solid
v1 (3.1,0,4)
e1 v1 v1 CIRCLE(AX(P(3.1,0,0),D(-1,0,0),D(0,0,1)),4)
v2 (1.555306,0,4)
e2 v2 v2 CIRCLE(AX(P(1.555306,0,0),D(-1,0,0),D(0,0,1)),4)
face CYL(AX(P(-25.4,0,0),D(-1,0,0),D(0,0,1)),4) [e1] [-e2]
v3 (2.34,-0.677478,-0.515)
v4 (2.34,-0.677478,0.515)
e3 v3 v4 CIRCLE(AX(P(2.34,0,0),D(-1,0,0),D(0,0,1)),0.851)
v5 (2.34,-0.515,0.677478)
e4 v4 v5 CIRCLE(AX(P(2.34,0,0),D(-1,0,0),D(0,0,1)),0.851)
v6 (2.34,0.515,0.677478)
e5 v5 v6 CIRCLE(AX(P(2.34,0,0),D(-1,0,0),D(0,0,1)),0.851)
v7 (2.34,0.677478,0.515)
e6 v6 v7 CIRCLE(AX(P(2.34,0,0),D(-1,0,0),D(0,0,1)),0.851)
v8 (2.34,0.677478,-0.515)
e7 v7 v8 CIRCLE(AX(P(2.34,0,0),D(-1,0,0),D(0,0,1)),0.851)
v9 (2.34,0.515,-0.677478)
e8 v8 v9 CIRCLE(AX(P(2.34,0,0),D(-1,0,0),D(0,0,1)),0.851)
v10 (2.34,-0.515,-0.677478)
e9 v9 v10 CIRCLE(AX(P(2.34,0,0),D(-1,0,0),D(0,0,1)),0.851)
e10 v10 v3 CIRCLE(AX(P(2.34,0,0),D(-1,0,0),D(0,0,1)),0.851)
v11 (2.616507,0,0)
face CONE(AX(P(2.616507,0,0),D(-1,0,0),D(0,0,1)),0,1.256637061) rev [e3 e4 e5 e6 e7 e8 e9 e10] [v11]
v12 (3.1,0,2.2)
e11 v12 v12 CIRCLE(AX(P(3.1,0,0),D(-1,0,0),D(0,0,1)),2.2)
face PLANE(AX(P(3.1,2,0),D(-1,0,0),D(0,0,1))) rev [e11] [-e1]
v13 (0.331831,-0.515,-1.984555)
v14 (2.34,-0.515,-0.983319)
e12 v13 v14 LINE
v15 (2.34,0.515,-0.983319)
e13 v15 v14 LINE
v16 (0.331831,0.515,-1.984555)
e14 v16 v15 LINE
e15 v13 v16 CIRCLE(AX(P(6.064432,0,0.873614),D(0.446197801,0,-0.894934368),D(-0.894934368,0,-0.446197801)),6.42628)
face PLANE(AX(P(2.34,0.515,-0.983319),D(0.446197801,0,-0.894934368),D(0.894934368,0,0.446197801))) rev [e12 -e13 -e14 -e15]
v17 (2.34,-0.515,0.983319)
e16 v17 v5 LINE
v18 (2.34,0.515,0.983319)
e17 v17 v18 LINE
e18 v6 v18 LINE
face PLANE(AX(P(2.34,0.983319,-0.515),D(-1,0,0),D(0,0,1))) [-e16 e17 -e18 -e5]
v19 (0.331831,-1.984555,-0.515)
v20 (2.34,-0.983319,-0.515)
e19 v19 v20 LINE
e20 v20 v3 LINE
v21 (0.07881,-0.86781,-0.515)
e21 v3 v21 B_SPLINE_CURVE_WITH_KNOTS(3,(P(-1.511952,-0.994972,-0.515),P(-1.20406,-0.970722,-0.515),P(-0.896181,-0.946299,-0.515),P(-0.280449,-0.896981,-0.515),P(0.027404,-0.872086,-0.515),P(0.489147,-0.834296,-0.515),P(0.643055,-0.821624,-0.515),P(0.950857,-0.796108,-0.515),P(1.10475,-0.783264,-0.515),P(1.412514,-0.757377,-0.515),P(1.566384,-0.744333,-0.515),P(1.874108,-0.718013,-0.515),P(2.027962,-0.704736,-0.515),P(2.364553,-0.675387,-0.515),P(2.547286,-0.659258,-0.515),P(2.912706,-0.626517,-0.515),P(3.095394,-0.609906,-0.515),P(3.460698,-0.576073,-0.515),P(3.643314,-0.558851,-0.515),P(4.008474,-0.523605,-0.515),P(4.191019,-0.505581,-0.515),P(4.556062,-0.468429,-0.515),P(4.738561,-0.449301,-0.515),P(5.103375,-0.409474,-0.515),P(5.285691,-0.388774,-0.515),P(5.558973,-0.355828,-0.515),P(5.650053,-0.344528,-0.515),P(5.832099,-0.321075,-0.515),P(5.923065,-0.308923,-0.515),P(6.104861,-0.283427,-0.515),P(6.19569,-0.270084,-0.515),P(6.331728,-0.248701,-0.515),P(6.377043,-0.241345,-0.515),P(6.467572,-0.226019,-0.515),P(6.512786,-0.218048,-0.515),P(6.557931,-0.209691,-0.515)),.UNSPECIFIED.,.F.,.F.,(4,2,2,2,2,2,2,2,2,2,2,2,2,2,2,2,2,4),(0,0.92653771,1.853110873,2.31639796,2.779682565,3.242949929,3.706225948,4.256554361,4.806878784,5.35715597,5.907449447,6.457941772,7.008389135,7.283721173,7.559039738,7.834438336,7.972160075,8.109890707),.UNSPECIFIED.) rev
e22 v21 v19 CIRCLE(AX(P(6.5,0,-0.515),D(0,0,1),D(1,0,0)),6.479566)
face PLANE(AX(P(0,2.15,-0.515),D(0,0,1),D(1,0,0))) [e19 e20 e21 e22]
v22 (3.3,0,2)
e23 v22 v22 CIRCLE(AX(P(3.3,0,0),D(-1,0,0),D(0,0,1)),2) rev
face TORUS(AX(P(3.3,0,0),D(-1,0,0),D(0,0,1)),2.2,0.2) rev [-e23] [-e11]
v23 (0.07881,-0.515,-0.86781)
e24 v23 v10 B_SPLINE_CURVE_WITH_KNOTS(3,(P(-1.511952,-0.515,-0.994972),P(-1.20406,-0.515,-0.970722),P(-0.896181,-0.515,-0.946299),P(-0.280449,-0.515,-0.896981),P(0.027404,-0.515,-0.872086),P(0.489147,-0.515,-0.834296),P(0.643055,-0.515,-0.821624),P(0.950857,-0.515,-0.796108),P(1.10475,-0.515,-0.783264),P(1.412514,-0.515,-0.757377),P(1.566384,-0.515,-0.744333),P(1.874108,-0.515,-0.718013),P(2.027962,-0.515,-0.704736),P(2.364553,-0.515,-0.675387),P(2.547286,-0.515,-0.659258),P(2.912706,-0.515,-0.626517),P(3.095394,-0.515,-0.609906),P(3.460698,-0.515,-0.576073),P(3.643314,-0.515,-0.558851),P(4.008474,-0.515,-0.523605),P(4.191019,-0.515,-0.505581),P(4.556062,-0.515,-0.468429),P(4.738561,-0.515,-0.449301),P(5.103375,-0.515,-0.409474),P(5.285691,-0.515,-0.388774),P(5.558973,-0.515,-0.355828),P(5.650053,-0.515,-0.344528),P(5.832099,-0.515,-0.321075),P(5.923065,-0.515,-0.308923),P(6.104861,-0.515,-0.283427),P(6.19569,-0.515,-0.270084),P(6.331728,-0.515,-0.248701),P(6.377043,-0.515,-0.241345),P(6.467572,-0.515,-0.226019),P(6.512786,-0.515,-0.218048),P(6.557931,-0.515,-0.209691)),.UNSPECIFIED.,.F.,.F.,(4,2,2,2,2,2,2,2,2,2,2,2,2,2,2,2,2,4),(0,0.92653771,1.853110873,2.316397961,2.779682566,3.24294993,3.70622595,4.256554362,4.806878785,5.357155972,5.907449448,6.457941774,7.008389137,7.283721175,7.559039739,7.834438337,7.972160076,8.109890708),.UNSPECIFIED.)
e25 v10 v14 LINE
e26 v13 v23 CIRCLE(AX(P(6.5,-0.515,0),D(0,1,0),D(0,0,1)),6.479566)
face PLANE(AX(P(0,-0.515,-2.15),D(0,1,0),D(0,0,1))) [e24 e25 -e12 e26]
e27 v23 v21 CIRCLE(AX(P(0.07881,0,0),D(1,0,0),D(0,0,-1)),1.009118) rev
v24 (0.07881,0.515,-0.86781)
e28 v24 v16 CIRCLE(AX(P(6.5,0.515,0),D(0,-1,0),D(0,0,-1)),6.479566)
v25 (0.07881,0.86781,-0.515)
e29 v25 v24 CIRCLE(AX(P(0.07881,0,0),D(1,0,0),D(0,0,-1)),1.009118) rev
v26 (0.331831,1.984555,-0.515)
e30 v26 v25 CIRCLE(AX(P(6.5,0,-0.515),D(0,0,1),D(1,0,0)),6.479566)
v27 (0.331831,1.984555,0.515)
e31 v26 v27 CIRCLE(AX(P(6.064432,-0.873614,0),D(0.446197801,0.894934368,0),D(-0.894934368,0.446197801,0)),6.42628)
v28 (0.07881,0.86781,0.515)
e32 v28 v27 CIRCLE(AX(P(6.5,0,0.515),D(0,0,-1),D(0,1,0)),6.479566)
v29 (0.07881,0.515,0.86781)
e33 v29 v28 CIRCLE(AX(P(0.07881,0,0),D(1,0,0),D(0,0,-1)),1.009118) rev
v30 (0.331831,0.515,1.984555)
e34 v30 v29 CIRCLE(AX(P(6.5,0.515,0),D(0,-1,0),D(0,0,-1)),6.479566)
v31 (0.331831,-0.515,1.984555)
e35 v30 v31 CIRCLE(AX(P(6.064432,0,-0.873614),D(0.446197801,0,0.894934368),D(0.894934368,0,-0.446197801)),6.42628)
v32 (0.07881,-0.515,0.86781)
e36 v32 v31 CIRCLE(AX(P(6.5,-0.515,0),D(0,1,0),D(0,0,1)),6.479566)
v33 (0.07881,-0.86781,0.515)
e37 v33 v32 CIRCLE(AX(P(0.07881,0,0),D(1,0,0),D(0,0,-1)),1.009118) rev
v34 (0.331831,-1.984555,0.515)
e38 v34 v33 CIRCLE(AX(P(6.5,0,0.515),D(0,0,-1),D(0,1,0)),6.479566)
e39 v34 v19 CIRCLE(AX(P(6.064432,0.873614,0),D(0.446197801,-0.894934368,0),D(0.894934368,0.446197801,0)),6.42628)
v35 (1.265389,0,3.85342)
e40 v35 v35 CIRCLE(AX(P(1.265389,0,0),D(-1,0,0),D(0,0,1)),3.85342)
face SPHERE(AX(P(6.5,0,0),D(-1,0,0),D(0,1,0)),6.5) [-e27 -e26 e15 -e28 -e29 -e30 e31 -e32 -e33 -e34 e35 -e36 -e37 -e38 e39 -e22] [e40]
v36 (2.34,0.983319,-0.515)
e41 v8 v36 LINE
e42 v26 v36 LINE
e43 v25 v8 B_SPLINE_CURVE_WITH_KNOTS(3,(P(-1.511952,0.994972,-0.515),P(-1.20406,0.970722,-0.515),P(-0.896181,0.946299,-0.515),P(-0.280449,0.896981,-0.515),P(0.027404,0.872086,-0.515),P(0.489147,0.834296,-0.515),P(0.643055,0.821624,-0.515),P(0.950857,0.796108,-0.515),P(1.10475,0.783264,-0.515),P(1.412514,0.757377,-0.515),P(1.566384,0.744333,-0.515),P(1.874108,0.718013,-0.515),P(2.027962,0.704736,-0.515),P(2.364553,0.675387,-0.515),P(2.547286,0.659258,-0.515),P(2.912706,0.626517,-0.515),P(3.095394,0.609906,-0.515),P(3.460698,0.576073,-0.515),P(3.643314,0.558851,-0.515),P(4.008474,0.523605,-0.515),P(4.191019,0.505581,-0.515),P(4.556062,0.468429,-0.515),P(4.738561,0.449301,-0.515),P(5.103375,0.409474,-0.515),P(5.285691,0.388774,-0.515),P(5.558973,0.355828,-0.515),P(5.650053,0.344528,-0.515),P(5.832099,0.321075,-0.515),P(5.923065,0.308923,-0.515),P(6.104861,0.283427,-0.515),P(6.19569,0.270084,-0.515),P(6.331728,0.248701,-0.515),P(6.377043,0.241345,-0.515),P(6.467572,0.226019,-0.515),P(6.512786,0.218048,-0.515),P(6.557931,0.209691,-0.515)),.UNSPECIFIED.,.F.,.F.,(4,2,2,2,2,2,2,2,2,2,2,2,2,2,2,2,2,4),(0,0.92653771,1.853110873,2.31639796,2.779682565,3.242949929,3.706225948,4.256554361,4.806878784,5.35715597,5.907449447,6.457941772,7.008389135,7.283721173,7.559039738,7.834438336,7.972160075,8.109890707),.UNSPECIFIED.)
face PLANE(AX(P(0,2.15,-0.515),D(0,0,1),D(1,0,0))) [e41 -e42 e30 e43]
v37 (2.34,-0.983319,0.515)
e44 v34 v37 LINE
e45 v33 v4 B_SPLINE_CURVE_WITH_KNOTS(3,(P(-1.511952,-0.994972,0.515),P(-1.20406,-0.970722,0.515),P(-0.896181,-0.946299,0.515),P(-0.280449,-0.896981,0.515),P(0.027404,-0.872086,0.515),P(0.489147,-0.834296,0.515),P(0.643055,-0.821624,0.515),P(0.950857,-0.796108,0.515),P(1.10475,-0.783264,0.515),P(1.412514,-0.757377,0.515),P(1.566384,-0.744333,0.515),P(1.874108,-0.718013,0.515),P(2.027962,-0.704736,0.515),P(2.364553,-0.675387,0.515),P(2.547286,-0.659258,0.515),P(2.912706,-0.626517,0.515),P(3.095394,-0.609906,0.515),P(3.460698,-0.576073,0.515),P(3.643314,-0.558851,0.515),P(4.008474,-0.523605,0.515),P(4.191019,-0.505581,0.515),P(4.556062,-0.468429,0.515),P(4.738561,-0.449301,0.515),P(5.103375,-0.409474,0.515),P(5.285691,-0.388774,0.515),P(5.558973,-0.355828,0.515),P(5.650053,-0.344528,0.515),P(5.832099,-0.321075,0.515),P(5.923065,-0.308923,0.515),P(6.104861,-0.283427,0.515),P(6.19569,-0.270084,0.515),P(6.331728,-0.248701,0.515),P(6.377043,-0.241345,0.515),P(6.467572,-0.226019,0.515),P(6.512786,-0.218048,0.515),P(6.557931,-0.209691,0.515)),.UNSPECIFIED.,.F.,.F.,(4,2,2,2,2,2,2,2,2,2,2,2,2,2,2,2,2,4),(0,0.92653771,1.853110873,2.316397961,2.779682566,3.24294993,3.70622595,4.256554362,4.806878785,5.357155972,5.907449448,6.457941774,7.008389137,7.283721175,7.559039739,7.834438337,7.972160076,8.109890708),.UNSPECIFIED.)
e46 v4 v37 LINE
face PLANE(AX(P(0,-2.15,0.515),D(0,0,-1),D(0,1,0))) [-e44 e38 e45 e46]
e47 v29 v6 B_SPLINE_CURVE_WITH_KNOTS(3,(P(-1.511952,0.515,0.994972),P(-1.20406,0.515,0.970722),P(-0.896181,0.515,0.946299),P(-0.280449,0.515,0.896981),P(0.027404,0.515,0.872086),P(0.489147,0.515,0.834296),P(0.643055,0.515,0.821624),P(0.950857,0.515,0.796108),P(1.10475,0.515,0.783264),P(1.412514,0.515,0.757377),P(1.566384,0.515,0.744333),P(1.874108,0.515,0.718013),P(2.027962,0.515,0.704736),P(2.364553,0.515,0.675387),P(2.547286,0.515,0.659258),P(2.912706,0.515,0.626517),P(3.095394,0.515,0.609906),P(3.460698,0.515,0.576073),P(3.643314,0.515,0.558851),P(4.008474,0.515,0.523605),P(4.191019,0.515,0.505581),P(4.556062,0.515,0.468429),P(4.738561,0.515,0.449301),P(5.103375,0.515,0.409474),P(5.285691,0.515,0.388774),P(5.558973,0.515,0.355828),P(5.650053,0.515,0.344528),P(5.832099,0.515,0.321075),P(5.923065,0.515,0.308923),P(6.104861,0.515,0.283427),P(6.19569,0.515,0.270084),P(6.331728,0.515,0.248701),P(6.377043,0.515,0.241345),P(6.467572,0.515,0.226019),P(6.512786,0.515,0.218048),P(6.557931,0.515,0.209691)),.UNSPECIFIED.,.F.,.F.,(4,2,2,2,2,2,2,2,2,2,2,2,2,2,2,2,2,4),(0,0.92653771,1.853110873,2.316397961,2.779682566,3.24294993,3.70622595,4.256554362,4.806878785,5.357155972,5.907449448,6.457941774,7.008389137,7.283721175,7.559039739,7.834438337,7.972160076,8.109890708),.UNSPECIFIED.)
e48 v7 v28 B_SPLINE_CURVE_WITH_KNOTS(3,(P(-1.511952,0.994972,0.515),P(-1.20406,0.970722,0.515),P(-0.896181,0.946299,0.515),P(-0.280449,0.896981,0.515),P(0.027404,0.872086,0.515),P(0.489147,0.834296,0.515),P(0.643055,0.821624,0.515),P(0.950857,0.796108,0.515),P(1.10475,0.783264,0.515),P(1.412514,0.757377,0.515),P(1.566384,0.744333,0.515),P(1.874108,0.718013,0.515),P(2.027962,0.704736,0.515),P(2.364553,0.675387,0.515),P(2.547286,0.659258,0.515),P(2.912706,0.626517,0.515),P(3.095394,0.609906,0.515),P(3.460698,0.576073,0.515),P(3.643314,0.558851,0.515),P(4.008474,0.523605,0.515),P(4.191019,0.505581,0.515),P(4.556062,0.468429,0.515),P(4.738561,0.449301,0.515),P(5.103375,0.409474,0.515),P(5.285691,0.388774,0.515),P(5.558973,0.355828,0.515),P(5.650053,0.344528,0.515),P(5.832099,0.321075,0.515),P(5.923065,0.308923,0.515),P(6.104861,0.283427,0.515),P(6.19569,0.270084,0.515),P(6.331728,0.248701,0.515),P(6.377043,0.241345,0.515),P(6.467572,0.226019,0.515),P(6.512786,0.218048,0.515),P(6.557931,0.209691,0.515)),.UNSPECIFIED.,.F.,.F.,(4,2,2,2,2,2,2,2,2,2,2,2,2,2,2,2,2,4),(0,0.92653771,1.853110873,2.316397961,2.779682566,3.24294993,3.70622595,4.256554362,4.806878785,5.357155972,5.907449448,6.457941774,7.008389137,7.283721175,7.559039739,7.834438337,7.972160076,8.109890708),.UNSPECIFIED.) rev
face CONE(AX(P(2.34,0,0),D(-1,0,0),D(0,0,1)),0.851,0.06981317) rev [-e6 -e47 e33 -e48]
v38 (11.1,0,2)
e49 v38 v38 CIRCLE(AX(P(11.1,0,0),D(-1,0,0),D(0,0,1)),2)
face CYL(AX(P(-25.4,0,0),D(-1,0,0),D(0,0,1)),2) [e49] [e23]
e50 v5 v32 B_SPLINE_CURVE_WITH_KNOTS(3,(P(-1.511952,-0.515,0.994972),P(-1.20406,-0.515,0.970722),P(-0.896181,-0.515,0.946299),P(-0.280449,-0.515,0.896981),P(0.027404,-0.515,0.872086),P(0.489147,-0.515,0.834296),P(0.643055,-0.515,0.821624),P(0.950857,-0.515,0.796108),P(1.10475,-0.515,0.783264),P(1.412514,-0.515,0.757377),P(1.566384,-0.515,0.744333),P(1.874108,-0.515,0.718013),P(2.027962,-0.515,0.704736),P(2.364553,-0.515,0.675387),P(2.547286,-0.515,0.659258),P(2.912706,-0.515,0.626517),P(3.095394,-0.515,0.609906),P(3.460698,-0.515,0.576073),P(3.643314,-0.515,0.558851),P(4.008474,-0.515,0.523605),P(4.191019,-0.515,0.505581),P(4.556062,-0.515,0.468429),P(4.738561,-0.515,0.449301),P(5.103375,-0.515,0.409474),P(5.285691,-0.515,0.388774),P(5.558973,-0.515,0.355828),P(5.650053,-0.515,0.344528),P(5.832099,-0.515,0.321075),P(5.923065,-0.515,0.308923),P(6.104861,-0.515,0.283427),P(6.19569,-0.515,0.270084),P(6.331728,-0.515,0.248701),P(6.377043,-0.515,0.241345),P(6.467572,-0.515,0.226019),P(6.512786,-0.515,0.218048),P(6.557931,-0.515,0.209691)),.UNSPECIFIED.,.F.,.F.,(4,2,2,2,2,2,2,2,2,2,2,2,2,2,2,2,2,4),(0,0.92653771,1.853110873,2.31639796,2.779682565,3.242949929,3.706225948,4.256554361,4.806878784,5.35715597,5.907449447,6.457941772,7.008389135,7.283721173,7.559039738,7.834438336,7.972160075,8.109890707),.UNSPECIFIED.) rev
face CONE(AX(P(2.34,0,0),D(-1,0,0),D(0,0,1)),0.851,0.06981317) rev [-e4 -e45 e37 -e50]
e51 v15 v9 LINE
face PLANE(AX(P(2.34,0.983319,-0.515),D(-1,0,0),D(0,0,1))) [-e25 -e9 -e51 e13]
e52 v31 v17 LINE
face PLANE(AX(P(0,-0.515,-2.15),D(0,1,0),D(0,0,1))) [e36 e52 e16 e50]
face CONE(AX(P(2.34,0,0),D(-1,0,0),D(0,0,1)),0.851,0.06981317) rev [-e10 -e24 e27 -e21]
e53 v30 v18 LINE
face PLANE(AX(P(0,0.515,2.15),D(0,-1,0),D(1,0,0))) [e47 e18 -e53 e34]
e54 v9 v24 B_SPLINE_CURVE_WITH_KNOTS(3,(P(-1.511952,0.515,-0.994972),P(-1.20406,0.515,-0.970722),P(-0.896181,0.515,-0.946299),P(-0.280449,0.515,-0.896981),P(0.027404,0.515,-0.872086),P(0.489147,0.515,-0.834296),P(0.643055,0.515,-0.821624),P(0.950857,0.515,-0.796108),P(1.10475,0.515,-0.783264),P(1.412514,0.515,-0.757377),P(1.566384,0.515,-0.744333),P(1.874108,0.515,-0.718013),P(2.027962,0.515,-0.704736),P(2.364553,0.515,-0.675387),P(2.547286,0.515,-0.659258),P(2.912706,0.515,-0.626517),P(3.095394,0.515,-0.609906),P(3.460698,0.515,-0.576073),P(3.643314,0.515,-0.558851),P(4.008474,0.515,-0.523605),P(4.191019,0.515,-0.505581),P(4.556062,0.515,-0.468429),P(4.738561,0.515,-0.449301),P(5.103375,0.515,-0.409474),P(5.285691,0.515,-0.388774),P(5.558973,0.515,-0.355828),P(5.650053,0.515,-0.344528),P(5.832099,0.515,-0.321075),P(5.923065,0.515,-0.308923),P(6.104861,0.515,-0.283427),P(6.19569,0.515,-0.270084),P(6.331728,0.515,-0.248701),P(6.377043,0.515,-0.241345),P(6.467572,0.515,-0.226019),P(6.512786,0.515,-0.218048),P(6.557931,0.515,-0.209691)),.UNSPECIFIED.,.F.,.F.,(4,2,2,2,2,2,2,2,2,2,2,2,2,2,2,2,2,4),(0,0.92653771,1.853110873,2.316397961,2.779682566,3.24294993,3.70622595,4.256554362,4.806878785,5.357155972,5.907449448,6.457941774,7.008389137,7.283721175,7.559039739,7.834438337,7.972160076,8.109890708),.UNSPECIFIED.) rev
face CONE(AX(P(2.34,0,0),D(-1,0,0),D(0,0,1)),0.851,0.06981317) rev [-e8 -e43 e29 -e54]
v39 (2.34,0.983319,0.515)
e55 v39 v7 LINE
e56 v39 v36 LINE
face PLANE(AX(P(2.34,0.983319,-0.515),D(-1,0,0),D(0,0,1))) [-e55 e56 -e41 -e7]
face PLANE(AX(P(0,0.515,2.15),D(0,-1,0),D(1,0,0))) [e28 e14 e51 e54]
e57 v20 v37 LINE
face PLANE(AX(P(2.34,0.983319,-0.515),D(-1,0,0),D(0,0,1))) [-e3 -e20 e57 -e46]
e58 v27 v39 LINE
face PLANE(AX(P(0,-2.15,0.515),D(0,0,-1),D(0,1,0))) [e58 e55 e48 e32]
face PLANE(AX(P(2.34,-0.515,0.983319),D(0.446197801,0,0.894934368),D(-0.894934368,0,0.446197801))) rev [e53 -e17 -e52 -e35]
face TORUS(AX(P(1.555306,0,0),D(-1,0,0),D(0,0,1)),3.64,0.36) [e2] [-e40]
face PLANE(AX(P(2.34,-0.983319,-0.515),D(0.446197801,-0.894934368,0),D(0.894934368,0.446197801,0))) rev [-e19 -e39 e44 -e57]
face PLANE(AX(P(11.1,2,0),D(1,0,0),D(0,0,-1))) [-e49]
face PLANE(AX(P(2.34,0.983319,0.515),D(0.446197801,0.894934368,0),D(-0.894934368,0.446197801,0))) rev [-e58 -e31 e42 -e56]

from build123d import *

# Parameters (mm, degrees)
FILLET1_R    = 0.2
SKETCH3_W    = 1.03
SKETCH3_H    = 4.3
SKETCH4_W    = 1.03
SKETCH4_H    = 1.966638154
RECPAT_COUNT = 2
RECPAT_ANGLE = 90


with BuildPart() as part:
    # BodySke → Base-Revolve (revolve)
    with BuildSketch(Plane.XY, mode=Mode.PRIVATE) as base_revolve_sk:
        with BuildLine():
            Line((3.1, 2), (3.1, 4))
            Line((3.1, 4), (1.555305874, 4))
            ThreePointArc((1.555305874, 4), (1.392873227, 3.961271902), (1.265388955, 3.853420195))
            ThreePointArc((1.265388955, 3.853420195), (0.324444487, 2.027933456), (0, 0))
            Line((0, 0), (11.1, 0))
            Line((11.1, 0), (11.1, 2))
            Line((11.1, 2), (3.1, 2))
        make_face()
    revolve(base_revolve_sk.sketch.rotate(Axis((-25.4, 0, 0), (1, 0, 0)), 90), axis=Axis((-25.4, 0, 0), (1, 0, 0)))  # turned: the seam where the file's is

    # Fillet1
    fillet1_edges = [part.edges().sort_by_distance(p)[0] for p in [
        (3.1, 0, -2),
    ]]
    fillet(fillet1_edges, radius=FILLET1_R)

    # Sketch3 → Recess section 0
    with BuildSketch(Plane(origin=(0, 0, 0), x_dir=(0, 0, -1), z_dir=(1, 0, 0))):
        Rectangle(SKETCH3_W, SKETCH3_H)
    # Sketch4 → Recess section 1
    with BuildSketch(Plane(origin=(2.34, 0, 0), x_dir=(0, 0, -1), z_dir=(1, 0, 0))):
        Rectangle(SKETCH4_W, SKETCH4_H)
    recess = loft(mode=Mode.SUBTRACT)

    # RecPat: Recess ×2 about axis
    recpat_axis = Axis((-25.4, 0, 0), (1, 0, 0))
    for i in range(1, RECPAT_COUNT):
        add(recess.rotate(recpat_axis, i * RECPAT_ANGLE / (RECPAT_COUNT - 1)), mode=Mode.SUBTRACT)

    # RecCorSke → RecessCore (revolve, cut)
    with BuildSketch(Plane.XY, mode=Mode.PRIVATE) as recesscore_sk:
        Polygon((0, 0), (0, 1.01462874), (2.34, 0.851), (2.616506661, 0), align=None)
    revolve(recesscore_sk.sketch.rotate(Axis((-3.175, 0, 0), (1, 0, 0)), 90), axis=Axis((-3.175, 0, 0), (1, 0, 0)), mode=Mode.SUBTRACT)  # turned: the seam where the file's is


solid = part.part
